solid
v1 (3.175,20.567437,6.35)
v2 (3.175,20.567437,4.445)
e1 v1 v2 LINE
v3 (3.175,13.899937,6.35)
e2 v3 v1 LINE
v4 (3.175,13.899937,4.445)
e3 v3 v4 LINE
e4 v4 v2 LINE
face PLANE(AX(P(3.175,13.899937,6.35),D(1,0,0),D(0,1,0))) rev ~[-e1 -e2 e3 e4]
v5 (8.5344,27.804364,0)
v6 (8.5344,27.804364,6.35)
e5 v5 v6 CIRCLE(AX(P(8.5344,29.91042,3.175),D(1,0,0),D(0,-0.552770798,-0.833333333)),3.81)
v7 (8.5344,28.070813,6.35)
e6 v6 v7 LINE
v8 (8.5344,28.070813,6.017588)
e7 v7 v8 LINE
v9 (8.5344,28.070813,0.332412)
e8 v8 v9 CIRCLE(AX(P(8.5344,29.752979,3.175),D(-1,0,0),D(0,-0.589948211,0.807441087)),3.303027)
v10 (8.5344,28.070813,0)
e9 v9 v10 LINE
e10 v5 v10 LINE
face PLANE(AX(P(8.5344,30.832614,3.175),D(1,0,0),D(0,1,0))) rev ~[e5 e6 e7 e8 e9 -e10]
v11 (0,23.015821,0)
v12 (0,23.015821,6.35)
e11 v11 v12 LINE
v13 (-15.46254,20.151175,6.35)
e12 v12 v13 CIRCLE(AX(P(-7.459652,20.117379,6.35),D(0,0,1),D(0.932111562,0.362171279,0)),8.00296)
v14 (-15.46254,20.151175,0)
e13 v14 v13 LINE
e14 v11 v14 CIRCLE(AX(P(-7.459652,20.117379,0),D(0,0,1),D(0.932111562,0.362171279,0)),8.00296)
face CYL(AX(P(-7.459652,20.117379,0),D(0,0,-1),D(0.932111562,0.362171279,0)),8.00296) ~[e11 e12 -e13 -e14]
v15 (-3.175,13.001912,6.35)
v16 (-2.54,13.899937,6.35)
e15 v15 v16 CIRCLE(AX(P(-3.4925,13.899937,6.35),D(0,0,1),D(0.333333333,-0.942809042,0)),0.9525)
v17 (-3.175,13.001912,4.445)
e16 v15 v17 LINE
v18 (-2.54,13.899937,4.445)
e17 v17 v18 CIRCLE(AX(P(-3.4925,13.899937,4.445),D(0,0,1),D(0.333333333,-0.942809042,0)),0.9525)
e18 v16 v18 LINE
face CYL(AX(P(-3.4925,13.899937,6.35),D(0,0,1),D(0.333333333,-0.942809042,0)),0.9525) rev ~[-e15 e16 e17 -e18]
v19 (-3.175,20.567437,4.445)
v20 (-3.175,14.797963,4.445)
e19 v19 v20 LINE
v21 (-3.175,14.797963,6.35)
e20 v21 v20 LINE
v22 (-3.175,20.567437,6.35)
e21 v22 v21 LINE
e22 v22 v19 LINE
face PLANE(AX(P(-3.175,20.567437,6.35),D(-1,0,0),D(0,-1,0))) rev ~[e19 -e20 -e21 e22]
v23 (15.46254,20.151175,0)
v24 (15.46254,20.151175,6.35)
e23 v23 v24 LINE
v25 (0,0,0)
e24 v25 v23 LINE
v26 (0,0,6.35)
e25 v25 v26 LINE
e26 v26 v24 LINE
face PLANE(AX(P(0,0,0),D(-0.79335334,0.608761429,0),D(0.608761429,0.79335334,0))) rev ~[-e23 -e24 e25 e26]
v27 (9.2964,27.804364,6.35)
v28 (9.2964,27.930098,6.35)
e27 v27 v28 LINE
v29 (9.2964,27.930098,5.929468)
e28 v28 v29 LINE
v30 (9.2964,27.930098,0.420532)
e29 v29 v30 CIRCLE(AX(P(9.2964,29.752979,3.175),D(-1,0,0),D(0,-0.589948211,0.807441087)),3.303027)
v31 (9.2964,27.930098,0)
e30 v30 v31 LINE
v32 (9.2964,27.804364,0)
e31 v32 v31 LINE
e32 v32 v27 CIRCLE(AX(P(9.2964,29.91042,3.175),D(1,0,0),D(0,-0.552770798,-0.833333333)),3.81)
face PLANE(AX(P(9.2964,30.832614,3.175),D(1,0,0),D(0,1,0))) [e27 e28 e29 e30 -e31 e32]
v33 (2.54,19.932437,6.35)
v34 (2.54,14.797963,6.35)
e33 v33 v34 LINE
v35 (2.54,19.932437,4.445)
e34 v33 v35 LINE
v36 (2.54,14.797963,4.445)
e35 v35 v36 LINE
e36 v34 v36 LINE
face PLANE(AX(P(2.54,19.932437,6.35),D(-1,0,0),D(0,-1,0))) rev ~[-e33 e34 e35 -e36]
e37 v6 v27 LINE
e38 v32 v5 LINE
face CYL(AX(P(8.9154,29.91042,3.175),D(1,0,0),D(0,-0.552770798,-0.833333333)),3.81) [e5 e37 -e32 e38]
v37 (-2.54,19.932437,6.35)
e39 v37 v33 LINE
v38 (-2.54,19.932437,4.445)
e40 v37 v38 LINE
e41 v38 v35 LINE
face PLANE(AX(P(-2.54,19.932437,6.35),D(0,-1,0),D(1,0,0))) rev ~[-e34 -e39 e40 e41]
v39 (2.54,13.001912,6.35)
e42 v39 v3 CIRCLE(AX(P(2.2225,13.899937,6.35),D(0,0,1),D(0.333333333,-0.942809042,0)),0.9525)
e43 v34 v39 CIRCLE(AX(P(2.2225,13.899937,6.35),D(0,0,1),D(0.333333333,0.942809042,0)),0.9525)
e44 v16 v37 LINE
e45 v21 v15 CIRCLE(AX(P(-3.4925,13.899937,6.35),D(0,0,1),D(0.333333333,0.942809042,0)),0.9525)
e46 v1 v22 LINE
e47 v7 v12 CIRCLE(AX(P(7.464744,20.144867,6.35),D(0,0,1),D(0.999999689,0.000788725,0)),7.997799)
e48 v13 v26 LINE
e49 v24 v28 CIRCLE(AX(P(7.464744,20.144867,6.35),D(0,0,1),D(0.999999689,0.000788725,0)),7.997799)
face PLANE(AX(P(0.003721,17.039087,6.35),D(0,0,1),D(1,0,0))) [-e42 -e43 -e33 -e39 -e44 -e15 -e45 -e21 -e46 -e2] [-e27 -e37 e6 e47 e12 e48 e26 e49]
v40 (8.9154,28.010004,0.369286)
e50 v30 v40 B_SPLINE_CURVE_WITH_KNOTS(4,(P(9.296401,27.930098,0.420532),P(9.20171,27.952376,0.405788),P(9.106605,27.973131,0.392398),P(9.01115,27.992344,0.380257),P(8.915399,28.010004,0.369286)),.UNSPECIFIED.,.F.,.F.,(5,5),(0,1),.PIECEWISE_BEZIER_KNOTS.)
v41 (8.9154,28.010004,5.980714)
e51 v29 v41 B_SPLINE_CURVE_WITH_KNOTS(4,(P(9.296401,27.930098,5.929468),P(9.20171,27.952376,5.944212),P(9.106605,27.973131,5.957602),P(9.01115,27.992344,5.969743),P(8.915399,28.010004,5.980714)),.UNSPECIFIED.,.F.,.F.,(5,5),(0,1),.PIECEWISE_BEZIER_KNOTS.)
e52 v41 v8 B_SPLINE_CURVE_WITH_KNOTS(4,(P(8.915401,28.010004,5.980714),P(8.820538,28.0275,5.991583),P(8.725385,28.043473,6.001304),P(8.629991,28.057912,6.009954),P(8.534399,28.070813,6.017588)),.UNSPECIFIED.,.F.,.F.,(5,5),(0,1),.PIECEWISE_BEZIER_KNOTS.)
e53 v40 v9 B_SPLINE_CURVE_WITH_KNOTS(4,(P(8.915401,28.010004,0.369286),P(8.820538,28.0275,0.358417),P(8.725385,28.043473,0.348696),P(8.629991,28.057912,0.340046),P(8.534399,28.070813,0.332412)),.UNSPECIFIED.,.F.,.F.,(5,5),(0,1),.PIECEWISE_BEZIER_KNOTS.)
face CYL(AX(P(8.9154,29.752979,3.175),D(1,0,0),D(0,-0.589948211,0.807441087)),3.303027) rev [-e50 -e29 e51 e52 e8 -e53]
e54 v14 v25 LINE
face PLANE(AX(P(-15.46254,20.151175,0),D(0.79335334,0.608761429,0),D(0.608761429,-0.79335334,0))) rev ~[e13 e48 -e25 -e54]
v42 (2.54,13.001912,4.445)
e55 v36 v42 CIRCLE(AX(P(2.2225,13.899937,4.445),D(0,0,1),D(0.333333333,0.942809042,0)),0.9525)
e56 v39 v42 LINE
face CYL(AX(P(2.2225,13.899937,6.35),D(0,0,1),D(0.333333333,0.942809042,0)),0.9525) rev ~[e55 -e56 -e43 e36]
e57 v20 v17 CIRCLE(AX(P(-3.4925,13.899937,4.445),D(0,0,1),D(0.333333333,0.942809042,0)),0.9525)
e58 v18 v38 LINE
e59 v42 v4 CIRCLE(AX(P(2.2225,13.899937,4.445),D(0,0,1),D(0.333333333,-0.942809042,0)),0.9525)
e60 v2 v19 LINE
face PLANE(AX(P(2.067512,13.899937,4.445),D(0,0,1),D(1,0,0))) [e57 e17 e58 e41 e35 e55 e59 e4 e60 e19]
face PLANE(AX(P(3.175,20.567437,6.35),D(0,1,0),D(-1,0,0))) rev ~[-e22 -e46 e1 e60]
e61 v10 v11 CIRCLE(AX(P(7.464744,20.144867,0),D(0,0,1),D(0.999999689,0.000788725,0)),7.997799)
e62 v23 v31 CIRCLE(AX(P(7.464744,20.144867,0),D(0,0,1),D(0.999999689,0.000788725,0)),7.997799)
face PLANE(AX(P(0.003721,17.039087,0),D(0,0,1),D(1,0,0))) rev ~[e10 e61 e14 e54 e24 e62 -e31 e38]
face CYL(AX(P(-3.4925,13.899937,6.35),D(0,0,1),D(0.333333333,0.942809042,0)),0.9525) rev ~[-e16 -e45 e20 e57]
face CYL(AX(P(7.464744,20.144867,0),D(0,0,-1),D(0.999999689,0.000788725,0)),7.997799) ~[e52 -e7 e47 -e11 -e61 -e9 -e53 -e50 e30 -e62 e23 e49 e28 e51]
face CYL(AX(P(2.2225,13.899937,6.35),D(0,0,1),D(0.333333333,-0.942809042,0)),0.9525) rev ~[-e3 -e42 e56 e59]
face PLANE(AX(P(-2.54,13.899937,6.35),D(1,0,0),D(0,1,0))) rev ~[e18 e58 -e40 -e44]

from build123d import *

# Parameters (mm, degrees)
F1_DEPTH = 6.35
F3_DEPTH = 1.905
F7_DEPTH = 0.381
F8_DEPTH = 0.381


with BuildPart() as f1:
    # F0 (on Top) → F1 (new body)
    with BuildSketch(Plane.XY):
        with BuildLine():
            Line((-15.4625402968, 20.1511748434), (0, 0))
            Line((0, 0), (15.4625402968, 20.1511748434))
            ThreePointArc((15.4625402968, 20.1511748434), (8.9216538352, 28.0088478457), (0, 23.0158213526))
            ThreePointArc((0, 23.0158213526), (-8.9175015723, 27.9864351215), (-15.4625402968, 20.1511748434))
        make_face()
    extrude(amount=F1_DEPTH)

    # F2 (on face) → F3 (cut)
    with BuildSketch(Plane.XY.offset(6.35)):
        with BuildLine():
            Line((2.54, 13.0019117156), (2.54, 14.7979629398))
            ThreePointArc((2.54, 14.7979629398), (1.27, 13.8999373277), (2.54, 13.0019117156))
        make_face()
        with BuildLine():
            ThreePointArc((2.54, 13.0019117156), (3.0002129933, 13.3500111963), (3.175, 13.8999373277))
            ThreePointArc((3.175, 13.8999373277), (3.0002129933, 14.4498634591), (2.54, 14.7979629398))
            Line((2.54, 14.7979629398), (2.54, 13.0019117156))
        make_face()
        with BuildLine():
            Line((3.175, 13.8999373277), (3.175, 19.9324373277))
            Line((3.175, 19.9324373277), (2.54, 19.9324373277))
            Line((2.54, 19.9324373277), (2.54, 14.7979629398))
            ThreePointArc((2.54, 14.7979629398), (3.0002129933, 14.4498634591), (3.175, 13.8999373277))
        make_face()
        Polygon((3.175, 20.5674373277), (-3.175, 20.5674373277), (-3.175, 19.9324373277), (-2.54, 19.9324373277), (2.54, 19.9324373277), (3.175, 19.9324373277), align=None)
        with BuildLine():
            Line((-2.54, 19.9324373277), (-3.175, 19.9324373277))
            Line((-3.175, 19.9324373277), (-3.175, 14.7979629398))
            ThreePointArc((-3.175, 14.7979629398), (-2.7147870067, 14.4498634591), (-2.54, 13.8999373277))
            Line((-2.54, 13.8999373277), (-2.54, 19.9324373277))
        make_face()
        with BuildLine():
            ThreePointArc((-2.54, 13.8999373277), (-2.7147870067, 14.4498634591), (-3.175, 14.7979629398))
            Line((-3.175, 14.7979629398), (-3.175, 13.0019117156))
            ThreePointArc((-3.175, 13.0019117156), (-2.7147870067, 13.3500111963), (-2.54, 13.8999373277))
        make_face()
        with BuildLine():
            Line((-3.175, 13.0019117156), (-3.175, 14.7979629398))
            ThreePointArc((-3.175, 14.7979629398), (-4.445, 13.8999373277), (-3.175, 13.0019117156))
        make_face()
    extrude(amount=-F3_DEPTH, mode=Mode.SUBTRACT)

    # F6 (on offset) → F7 (join)
    with BuildSketch(Plane.YZ.offset(8.9154)):
        with BuildLine():
            ThreePointArc((27.804363519, 0), (33.7204202608, 3.175), (27.804363519, 6.35))
            Line((27.804363519, 6.35), (27.804363519, 5.842))
            ThreePointArc((27.804363519, 5.842), (33.0560059571, 3.175), (27.804363519, 0.508))
            Line((27.804363519, 0.508), (27.804363519, 0))
        make_face()
    extrude(amount=F7_DEPTH)

    # F6 (on offset) → F8 (join)
    with BuildSketch(Plane.YZ.offset(8.9154)):
        with BuildLine():
            ThreePointArc((27.804363519, 0), (33.7204202608, 3.175), (27.804363519, 6.35))
            Line((27.804363519, 6.35), (27.804363519, 5.842))
            ThreePointArc((27.804363519, 5.842), (33.0560059571, 3.175), (27.804363519, 0.508))
            Line((27.804363519, 0.508), (27.804363519, 0))
        make_face()
    extrude(amount=-F8_DEPTH)


solid = f1.part
